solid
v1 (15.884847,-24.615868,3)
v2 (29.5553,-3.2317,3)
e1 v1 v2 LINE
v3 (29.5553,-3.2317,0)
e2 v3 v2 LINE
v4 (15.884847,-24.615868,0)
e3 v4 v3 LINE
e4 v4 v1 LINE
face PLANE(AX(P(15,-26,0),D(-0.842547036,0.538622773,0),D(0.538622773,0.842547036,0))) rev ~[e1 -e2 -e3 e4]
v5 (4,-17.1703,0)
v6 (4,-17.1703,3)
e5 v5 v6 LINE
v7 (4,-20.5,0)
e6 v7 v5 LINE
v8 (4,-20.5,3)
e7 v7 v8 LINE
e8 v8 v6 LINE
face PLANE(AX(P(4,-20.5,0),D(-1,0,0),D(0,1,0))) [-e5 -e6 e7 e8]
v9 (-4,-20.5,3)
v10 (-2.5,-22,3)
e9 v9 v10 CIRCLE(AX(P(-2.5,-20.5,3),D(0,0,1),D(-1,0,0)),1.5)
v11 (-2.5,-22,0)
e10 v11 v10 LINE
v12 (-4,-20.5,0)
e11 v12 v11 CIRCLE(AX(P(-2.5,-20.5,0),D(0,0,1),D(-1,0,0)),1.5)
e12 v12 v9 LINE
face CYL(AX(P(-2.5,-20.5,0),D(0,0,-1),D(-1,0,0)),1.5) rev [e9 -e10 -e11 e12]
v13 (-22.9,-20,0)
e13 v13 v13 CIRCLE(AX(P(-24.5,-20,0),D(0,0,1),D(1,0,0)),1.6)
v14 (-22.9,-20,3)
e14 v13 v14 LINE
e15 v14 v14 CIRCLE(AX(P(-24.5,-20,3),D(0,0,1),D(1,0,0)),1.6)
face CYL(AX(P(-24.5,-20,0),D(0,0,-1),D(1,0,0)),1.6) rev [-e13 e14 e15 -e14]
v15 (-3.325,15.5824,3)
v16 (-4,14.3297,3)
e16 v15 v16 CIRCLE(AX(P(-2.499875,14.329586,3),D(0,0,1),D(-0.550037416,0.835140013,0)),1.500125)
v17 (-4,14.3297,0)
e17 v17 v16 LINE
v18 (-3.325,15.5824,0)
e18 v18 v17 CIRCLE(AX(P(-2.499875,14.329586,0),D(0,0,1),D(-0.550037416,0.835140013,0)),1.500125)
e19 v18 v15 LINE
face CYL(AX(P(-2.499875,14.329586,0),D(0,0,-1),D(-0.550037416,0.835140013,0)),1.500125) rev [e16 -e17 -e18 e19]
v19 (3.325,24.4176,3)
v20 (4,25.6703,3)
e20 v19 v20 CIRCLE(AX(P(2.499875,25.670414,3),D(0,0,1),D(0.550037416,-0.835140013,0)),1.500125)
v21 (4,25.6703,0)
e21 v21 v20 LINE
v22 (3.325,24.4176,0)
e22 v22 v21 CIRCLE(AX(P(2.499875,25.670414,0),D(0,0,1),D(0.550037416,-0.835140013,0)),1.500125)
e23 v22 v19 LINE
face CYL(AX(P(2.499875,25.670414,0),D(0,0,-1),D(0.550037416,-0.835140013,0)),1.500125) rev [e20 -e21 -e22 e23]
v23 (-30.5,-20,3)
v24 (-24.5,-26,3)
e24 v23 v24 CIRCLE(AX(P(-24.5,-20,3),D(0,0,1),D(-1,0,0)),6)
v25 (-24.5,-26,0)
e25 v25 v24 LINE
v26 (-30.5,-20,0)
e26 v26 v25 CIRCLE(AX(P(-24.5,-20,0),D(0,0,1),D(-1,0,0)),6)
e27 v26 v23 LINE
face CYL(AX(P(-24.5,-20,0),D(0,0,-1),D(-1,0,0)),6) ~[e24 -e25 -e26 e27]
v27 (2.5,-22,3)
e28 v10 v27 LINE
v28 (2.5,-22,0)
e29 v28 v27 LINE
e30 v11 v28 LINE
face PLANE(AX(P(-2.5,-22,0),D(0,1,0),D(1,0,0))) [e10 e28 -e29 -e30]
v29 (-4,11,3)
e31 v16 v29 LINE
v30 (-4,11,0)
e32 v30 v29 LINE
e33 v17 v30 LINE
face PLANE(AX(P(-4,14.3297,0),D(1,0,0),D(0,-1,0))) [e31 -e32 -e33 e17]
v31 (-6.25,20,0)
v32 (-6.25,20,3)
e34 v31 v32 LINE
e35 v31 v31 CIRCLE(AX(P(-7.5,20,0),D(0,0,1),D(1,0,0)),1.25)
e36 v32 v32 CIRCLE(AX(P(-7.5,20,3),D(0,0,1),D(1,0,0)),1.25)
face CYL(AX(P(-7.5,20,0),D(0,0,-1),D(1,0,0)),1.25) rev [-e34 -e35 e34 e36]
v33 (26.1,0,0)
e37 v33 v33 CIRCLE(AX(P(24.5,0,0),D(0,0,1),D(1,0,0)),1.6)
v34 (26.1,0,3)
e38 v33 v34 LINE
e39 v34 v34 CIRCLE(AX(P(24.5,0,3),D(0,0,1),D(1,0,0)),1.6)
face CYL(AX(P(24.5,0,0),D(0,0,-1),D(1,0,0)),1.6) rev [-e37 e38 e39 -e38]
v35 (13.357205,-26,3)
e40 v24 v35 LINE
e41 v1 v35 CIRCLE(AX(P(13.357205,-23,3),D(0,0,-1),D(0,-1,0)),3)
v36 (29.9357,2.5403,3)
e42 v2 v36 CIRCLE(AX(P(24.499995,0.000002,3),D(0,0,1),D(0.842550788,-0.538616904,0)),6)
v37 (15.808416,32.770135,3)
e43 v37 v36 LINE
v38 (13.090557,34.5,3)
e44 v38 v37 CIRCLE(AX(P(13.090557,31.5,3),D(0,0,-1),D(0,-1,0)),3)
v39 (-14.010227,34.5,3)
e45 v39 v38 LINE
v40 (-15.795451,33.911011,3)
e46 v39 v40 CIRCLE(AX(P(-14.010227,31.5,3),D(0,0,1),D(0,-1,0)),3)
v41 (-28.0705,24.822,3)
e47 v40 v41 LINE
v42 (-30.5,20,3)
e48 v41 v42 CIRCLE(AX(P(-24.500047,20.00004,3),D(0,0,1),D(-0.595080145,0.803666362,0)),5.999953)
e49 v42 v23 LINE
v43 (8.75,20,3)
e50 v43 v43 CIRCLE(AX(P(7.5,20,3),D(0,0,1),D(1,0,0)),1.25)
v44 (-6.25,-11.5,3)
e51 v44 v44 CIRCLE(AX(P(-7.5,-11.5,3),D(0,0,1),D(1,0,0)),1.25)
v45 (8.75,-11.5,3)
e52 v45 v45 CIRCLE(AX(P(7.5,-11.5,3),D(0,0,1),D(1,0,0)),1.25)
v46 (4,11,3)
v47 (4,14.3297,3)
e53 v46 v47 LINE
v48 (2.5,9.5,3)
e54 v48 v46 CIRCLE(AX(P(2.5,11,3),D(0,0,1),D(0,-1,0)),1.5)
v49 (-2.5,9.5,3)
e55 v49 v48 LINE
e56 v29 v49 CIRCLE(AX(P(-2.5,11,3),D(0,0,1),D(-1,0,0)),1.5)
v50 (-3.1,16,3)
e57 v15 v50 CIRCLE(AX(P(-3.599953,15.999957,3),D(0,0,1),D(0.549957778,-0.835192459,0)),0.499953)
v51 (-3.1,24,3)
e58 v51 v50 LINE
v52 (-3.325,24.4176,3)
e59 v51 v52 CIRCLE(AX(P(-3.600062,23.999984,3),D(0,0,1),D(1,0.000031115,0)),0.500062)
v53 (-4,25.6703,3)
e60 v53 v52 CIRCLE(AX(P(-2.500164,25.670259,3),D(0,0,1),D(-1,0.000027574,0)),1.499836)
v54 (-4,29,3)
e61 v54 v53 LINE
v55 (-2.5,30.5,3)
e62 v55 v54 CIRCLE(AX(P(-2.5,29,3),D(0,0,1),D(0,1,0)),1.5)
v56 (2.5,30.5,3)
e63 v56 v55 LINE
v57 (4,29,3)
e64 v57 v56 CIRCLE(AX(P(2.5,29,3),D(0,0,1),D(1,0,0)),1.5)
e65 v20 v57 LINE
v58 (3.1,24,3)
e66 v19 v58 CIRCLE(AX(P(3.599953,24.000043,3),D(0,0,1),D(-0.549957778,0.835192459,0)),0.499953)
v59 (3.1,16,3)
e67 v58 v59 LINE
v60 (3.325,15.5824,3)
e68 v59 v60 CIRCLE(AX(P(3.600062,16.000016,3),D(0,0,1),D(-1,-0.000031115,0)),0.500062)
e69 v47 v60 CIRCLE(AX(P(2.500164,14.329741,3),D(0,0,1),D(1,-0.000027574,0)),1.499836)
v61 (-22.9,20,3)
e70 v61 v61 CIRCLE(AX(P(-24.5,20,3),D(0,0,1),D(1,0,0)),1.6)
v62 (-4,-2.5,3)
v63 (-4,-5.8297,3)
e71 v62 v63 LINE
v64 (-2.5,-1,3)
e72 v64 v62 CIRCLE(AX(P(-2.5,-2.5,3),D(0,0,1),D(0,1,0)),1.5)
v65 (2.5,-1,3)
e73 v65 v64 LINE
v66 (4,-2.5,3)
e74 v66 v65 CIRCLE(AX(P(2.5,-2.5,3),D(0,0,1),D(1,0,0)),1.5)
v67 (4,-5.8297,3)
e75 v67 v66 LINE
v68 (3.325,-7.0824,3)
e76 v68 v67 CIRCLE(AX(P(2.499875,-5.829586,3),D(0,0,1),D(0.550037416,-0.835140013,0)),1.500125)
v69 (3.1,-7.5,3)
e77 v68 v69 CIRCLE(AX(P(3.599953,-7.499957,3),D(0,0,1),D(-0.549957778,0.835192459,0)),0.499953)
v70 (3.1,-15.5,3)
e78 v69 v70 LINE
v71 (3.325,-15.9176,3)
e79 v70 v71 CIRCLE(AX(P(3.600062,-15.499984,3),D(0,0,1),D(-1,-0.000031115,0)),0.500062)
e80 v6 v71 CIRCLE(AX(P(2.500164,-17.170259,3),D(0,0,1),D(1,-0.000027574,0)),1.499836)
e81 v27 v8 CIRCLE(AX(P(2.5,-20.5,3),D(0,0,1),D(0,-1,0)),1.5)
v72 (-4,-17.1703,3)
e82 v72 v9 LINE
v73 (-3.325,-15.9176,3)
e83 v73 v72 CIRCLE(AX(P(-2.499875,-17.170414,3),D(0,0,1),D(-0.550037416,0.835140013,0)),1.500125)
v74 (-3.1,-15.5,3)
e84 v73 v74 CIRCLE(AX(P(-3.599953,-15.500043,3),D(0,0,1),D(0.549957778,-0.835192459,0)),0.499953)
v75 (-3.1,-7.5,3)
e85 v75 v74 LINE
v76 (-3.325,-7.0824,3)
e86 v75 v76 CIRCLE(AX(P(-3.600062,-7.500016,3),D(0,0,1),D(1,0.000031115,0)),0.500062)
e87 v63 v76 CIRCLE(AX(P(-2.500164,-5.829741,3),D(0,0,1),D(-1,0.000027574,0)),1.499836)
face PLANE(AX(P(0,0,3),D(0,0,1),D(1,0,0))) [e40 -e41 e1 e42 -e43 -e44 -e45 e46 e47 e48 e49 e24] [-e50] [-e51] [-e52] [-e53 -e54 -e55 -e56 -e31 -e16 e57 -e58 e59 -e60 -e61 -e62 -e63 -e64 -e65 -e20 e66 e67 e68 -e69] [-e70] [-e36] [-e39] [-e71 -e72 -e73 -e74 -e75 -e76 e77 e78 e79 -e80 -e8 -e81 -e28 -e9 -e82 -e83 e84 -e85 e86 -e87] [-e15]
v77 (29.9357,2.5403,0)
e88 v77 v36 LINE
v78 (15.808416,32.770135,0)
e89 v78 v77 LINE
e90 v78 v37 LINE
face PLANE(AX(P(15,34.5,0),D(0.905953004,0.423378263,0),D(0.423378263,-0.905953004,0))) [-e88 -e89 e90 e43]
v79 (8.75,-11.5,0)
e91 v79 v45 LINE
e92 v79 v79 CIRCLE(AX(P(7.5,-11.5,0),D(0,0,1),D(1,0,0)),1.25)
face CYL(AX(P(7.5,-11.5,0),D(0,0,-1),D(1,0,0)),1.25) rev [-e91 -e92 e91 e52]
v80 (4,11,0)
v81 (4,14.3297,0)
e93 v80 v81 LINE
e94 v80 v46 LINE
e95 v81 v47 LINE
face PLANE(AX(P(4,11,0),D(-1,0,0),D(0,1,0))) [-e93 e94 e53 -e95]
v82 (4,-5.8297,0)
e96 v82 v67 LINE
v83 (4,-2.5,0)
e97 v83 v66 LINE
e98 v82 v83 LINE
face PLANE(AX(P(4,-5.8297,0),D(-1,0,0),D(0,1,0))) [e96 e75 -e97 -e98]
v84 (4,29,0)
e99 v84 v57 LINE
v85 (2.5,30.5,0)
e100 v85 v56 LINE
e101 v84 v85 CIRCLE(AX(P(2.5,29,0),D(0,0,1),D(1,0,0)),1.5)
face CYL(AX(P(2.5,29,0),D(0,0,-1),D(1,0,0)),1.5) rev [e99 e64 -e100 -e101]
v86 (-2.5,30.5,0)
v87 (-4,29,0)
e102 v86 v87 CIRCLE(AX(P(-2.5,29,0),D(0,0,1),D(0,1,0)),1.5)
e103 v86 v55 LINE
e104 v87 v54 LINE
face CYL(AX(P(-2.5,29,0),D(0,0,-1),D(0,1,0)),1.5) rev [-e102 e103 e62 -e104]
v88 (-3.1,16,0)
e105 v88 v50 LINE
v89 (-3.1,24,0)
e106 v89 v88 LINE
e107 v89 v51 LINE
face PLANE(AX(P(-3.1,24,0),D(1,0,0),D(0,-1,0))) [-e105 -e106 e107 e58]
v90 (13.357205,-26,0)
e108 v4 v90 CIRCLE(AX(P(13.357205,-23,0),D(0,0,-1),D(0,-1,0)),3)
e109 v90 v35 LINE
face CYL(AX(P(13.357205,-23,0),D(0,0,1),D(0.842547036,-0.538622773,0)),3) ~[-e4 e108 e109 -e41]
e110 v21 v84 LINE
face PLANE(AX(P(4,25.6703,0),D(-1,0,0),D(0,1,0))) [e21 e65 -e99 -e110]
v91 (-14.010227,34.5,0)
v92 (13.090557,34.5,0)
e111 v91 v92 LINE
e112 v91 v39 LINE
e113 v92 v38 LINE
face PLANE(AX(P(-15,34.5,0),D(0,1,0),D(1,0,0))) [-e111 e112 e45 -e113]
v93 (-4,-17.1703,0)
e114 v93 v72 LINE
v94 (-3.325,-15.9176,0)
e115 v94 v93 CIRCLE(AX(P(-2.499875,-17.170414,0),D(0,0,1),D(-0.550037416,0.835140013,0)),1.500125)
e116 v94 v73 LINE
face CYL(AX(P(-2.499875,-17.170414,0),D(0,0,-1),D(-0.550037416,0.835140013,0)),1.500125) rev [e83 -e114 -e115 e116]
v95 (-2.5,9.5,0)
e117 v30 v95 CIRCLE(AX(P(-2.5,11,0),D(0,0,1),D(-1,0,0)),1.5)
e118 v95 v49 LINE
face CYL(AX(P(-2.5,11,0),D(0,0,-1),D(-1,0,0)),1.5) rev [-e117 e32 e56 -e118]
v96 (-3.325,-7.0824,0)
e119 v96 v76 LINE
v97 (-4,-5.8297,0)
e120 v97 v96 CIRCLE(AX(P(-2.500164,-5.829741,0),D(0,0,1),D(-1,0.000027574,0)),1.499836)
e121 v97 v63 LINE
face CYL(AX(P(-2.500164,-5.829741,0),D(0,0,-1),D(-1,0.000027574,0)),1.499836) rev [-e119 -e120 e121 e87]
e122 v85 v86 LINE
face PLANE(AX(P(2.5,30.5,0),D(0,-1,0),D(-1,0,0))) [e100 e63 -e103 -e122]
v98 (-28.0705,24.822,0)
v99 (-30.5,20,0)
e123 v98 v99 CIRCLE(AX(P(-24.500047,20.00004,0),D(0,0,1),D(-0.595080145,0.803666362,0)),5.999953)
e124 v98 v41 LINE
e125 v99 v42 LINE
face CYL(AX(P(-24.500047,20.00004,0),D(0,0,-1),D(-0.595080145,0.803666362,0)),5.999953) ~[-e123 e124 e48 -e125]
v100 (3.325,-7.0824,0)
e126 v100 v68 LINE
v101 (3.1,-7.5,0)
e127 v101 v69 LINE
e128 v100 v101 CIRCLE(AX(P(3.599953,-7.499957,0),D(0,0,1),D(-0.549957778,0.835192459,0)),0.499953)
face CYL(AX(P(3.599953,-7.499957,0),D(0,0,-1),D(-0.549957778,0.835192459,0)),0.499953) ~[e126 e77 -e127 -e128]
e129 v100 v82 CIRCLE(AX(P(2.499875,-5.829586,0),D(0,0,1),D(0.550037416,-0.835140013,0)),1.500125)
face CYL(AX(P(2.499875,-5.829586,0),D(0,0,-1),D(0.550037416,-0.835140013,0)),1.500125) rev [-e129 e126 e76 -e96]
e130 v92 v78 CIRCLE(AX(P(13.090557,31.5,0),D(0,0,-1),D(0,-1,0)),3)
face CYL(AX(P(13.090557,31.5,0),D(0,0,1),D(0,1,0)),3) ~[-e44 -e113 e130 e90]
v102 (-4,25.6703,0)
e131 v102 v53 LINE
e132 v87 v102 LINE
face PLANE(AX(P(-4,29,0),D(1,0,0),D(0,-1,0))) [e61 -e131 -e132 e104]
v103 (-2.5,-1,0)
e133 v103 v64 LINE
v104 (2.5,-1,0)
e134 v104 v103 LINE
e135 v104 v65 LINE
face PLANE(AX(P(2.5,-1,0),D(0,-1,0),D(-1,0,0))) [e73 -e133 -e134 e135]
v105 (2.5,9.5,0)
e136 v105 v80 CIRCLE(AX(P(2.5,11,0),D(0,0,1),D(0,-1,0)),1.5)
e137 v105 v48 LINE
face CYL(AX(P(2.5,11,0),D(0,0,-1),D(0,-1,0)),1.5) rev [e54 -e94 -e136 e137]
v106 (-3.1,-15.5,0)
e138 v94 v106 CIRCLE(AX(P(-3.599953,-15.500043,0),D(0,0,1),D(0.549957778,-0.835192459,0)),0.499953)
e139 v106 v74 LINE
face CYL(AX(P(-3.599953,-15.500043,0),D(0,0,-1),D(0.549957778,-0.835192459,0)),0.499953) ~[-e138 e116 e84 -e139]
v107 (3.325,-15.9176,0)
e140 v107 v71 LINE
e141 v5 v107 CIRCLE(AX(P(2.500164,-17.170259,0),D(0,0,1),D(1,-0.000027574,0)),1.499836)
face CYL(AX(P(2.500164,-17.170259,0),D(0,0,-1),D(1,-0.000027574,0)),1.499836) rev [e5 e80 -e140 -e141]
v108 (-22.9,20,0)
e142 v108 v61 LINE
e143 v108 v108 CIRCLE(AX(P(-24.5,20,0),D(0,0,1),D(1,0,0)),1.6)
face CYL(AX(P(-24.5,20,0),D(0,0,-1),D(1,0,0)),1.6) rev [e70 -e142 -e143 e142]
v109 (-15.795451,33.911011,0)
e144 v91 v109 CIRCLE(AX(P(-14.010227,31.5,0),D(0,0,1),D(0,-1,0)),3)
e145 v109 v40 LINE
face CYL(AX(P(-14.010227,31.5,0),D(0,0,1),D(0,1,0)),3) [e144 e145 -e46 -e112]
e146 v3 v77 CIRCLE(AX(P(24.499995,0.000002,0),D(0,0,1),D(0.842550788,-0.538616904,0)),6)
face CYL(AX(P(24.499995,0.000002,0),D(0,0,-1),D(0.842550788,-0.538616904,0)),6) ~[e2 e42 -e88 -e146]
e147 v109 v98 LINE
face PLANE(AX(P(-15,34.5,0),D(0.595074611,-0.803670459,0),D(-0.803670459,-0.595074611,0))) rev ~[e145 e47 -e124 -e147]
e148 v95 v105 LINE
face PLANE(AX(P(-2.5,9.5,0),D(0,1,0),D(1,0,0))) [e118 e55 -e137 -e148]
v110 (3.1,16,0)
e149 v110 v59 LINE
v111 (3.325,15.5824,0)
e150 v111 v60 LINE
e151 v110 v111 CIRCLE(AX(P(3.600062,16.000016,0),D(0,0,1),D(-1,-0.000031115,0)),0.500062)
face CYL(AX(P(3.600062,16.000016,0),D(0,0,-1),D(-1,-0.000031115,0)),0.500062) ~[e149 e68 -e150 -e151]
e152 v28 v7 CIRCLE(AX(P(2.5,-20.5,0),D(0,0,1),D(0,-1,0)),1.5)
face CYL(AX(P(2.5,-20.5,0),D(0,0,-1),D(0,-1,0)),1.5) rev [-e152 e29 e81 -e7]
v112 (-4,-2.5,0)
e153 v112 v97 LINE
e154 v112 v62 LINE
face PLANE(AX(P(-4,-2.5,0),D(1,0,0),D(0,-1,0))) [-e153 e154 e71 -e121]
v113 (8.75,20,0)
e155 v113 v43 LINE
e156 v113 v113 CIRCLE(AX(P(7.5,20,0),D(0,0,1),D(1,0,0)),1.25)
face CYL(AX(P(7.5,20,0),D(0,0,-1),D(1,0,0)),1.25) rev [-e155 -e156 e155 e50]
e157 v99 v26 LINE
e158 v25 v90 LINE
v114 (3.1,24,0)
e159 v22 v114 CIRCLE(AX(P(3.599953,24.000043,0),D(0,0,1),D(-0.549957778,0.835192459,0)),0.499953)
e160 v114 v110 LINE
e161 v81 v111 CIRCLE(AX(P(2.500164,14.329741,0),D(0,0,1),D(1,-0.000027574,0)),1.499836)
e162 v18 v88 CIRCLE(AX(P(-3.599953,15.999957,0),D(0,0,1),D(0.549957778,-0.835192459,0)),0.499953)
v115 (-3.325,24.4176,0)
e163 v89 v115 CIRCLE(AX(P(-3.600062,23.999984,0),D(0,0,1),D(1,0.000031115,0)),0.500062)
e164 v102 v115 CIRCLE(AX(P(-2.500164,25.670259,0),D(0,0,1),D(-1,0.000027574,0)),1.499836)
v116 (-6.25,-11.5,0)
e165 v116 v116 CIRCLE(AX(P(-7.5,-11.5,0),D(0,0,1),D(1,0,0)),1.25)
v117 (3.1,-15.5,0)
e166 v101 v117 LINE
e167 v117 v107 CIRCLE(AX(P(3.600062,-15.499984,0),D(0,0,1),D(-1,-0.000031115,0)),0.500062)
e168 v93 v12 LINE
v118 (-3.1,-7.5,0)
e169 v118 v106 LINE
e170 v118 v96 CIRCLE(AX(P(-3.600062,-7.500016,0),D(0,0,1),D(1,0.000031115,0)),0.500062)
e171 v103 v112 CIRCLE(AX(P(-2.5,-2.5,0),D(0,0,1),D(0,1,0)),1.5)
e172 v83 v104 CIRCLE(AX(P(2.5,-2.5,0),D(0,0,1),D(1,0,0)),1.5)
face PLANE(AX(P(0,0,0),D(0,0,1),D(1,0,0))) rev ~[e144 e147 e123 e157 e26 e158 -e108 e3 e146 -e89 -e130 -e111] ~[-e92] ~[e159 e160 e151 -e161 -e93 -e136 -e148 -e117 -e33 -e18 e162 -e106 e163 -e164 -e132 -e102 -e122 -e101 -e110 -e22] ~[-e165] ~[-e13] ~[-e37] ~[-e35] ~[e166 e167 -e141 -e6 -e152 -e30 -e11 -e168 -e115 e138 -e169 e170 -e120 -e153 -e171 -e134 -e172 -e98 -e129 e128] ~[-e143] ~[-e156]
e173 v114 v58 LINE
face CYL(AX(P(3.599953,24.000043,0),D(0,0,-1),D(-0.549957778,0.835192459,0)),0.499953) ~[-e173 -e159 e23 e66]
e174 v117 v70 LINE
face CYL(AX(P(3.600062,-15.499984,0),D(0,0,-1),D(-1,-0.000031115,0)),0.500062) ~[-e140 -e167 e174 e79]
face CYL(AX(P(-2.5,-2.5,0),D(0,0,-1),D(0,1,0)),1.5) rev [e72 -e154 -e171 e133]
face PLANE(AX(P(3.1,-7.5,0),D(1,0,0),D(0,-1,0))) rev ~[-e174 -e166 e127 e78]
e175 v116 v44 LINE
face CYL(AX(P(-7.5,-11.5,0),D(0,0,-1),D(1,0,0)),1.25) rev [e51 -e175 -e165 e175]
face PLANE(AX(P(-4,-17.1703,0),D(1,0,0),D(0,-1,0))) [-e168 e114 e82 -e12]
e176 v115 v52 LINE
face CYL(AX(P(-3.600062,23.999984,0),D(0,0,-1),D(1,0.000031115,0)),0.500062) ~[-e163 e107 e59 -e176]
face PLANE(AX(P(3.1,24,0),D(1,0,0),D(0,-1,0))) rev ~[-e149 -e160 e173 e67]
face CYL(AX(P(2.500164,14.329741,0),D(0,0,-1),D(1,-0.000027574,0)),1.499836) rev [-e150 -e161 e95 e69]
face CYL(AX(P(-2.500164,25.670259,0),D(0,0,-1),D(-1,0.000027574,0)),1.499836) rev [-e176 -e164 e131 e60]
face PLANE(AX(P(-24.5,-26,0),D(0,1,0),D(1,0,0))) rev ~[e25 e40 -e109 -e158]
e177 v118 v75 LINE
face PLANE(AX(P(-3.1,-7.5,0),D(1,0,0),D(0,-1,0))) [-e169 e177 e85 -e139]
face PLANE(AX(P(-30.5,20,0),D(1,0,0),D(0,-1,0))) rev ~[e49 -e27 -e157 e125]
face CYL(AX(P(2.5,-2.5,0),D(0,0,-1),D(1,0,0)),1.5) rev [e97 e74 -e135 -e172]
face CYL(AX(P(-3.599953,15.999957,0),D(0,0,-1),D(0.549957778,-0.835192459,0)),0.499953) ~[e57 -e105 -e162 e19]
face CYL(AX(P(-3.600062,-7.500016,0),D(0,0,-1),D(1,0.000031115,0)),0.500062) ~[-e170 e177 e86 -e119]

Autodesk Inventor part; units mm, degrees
ref_plane "YZ Plane" through (0, 0, 0) normal (1, 0, 0) x (0, 1, 0)
ref_plane "XZ Plane" through (0, 0, 0) normal (0, 1, 0) x (-1, 0, 0)
ref_plane "XY Plane" through (0, 0, 0) normal (0, 0, 1) x (1, 0, 0)
sketch "スケッチ1" plane through (0, 0, 0) normal (0, 0, 1) x (1, 0, 0)
  line L0 (-15, 61.424) -> (15, 61.424) construction
  line L1 (15, 61.424) -> (15, -32.317) construction
  line L2 (15, -32.317) -> (-15, -32.317) construction
  line L3 (-15, -32.317) -> (-15, 61.424) construction
  circle A0 centre (-24.5, 20) radius 9.5 construction
  circle A1 centre (24.5, 0) radius 9.5 construction
  circle A2 centre (-24.5, -20) radius 9.5 construction
  line L4 (-24.5, 20) -> (24.5, 0) construction
  line L5 (24.5, 0) -> (-24.5, -20) construction
  line L6 (-24.5, -20) -> (-24.5, 20) construction
  circle A3 centre (-24.5, 20) radius 1.6
  circle A4 centre (24.5, 0) radius 1.6
  circle A5 centre (-24.5, -20) radius 1.6
  line L7 (-3, 29.5) -> (3, 29.5) construction
  line L8 (3, 29.5) -> (3, 10.5) construction
  line L9 (3, 10.5) -> (-3, 10.5) construction
  line L10 (-3, 10.5) -> (-3, 29.5) construction
  circle A6 centre (-7.5, 20) radius 1.25
  circle A7 centre (7.5, 20) radius 1.25
  line L11 (-2.5, 9.5) -> (2.5, 9.5)
  line L12 (4, 11) -> (4, 14.3297)
  line L13 (2.5, 30.5) -> (-2.5, 30.5)
  line L14 (-3.1, 24) -> (-3.1, 16)
  line L15 (3.1, 24) -> (3.1, 16)
  line L16 (-4, 14.3297) -> (-4, 11)
  line L17 (4, 25.6703) -> (4, 29)
  arc A8 (-2.5, 30.5) -> (-4, 29) centre (-2.5, 29) ccw
  arc A9 (4, 29) -> (2.5, 30.5) centre (2.5, 29) ccw
  arc A10 (-4, 11) -> (-2.5, 9.5) centre (-2.5, 11) ccw
  arc A11 (2.5, 9.5) -> (4, 11) centre (2.5, 11) ccw
  line L18 (-4, 29) -> (-4, 25.6703)
  arc A12 (-4, 25.6703) -> (-3.325, 24.4176) centre (-2.5, 25.6703) ccw
  arc A13 (-3.1, 24) -> (-3.325, 24.4176) centre (-3.6, 24) ccw
  arc A14 (3.325, 24.4176) -> (4, 25.6703) centre (2.5, 25.6703) ccw
  arc A15 (3.325, 24.4176) -> (3.1, 24) centre (3.6, 24) ccw
  arc A16 (-3.325, 15.5824) -> (-4, 14.3297) centre (-2.5, 14.3297) ccw
  arc A17 (-3.325, 15.5824) -> (-3.1, 16) centre (-3.6, 16) ccw
  arc A18 (3.1, 16) -> (3.325, 15.5824) centre (3.6, 16) ccw
  arc A19 (4, 14.3297) -> (3.325, 15.5824) centre (2.5, 14.3297) ccw
  circle A20 centre (-7.5, -11.5) radius 1.25
  line L19 (-3.1, -7.5) -> (-3.1, -15.5)
  line L20 (3.1, -7.5) -> (3.1, -15.5)
  circle A21 centre (7.5, -11.5) radius 1.25
  line L21 (3, -21) -> (-3, -21) construction
  arc A22 (2.5, -22) -> (4, -20.5) centre (2.5, -20.5) ccw
  arc A23 (3.1, -15.5) -> (3.325, -15.9176) centre (3.6, -15.5) ccw
  line L22 (4, -20.5) -> (4, -17.1703)
  arc A24 (4, -17.1703) -> (3.325, -15.9176) centre (2.5, -17.1703) ccw
  arc A25 (-3.325, -15.9176) -> (-3.1, -15.5) centre (-3.6, -15.5) ccw
  line L23 (-3, -2) -> (3, -2) construction
  line L24 (3, -2) -> (3, -21) construction
  arc A26 (-3.325, -15.9176) -> (-4, -17.1703) centre (-2.5, -17.1703) ccw
  line L25 (-4, -17.1703) -> (-4, -20.5)
  arc A27 (-4, -20.5) -> (-2.5, -22) centre (-2.5, -20.5) ccw
  line L26 (-3, -21) -> (-3, -2) construction
  line L27 (2.5, -1) -> (-2.5, -1)
  line L28 (4, -5.8297) -> (4, -2.5)
  arc A28 (-2.5, -1) -> (-4, -2.5) centre (-2.5, -2.5) ccw
  arc A29 (3.325, -7.0824) -> (3.1, -7.5) centre (3.6, -7.5) ccw
  arc A30 (-3.1, -7.5) -> (-3.325, -7.0824) centre (-3.6, -7.5) ccw
  arc A31 (-4, -5.8297) -> (-3.325, -7.0824) centre (-2.5, -5.8297) ccw
  arc A32 (3.325, -7.0824) -> (4, -5.8297) centre (2.5, -5.8297) ccw
  line L29 (-4, -2.5) -> (-4, -5.8297)
  arc A33 (4, -2.5) -> (2.5, -1) centre (2.5, -2.5) ccw
  line L30 (-2.5, -22) -> (2.5, -22)
  line L31 (-15, 34.5) -> (15, 34.5)
  line L32 (-24.5, -26) -> (15, -26)
  arc A34 (-28.0705, 24.822) -> (-30.5, 20) centre (-24.5, 20) ccw
  arc A35 (-30.5, -20) -> (-24.5, -26) centre (-24.5, -20) ccw
  arc A36 (29.5553, -3.2317) -> (29.9357, 2.5403) centre (24.5, 0) ccw
  line L33 (-15, 34.5) -> (-28.0705, 24.822)
  line L34 (-30.5, 20) -> (-30.5, -20)
  line L35 (15, -26) -> (29.5553, -3.2317)
  line L36 (15, 34.5) -> (29.9357, 2.5403)
  point P0 (0, 0)
  point P1 (0, 20)
  point P2 (0, -11.5)
  dimension "d0" = 30
  dimension "d1" = 15
  dimension "d2" = 19
  dimension "d3" = 19
  dimension "d4" = 19
  dimension "d5" = 40
  dimension "d7" = 3.2
  dimension "d8" = 3.2
  dimension "d9" = 3.2
  dimension "d10" = 6
  dimension "d11" = 19
  dimension "d12" = 3
  dimension "d13" = 9.5
  dimension "d14" = 2.5
  dimension "d15" = 2.5
  dimension "d16" = 15
  dimension "d17" = 7.5
  dimension "d18" = 1
  dimension "d19" = 8
  dimension "d20" = 4
  dimension "d21" = 0.1
  dimension "d22" = 0.1
  dimension "d23" = 1
  dimension "d24" = 1
  dimension "d25" = 1
  dimension "d26" = 1.5
  dimension "d27" = 1
  dimension "d28" = 1.5
  dimension "d29" = 0.5
  dimension "d30" = 1
  dimension "d31" = 1.5
  dimension "d32" = 0.5
  dimension "d33" = 1.5
  dimension "d34" = 0.5
  dimension "d35" = 0.5
  dimension "d36" = 1.5
  dimension "d37" = 6
  dimension "d38" = 19
  dimension "d39" = 3
  dimension "d40" = 9.5
  dimension "d41" = 2.5
  dimension "d42" = 2.5
  dimension "d43" = 15
  dimension "d44" = 7.5
  dimension "d45" = 1
  dimension "d46" = 8
  dimension "d47" = 4
  dimension "d48" = 0.1
  dimension "d49" = 0.1
  dimension "d50" = 1
  dimension "d51" = 1
  dimension "d52" = 1
  dimension "d53" = 1.5
  dimension "d54" = 1
  dimension "d55" = 1.5
  dimension "d56" = 0.5
  dimension "d57" = 1
  dimension "d58" = 1.5
  dimension "d59" = 0.5
  dimension "d60" = 1.5
  dimension "d61" = 0.5
  dimension "d62" = 0.5
  dimension "d63" = 1.5
  dimension "d64" = 4
extrude "押し出し1" add sketch "スケッチ1" along normal blind 3
fillet "フィレット1" radius 3 3 edges at (-15, 34.5, 1.5) (15, 34.5, 1.5) (15, -26, 1.5)
properties part number "上昇機構_外側板" material "アルミニウム 6061"
